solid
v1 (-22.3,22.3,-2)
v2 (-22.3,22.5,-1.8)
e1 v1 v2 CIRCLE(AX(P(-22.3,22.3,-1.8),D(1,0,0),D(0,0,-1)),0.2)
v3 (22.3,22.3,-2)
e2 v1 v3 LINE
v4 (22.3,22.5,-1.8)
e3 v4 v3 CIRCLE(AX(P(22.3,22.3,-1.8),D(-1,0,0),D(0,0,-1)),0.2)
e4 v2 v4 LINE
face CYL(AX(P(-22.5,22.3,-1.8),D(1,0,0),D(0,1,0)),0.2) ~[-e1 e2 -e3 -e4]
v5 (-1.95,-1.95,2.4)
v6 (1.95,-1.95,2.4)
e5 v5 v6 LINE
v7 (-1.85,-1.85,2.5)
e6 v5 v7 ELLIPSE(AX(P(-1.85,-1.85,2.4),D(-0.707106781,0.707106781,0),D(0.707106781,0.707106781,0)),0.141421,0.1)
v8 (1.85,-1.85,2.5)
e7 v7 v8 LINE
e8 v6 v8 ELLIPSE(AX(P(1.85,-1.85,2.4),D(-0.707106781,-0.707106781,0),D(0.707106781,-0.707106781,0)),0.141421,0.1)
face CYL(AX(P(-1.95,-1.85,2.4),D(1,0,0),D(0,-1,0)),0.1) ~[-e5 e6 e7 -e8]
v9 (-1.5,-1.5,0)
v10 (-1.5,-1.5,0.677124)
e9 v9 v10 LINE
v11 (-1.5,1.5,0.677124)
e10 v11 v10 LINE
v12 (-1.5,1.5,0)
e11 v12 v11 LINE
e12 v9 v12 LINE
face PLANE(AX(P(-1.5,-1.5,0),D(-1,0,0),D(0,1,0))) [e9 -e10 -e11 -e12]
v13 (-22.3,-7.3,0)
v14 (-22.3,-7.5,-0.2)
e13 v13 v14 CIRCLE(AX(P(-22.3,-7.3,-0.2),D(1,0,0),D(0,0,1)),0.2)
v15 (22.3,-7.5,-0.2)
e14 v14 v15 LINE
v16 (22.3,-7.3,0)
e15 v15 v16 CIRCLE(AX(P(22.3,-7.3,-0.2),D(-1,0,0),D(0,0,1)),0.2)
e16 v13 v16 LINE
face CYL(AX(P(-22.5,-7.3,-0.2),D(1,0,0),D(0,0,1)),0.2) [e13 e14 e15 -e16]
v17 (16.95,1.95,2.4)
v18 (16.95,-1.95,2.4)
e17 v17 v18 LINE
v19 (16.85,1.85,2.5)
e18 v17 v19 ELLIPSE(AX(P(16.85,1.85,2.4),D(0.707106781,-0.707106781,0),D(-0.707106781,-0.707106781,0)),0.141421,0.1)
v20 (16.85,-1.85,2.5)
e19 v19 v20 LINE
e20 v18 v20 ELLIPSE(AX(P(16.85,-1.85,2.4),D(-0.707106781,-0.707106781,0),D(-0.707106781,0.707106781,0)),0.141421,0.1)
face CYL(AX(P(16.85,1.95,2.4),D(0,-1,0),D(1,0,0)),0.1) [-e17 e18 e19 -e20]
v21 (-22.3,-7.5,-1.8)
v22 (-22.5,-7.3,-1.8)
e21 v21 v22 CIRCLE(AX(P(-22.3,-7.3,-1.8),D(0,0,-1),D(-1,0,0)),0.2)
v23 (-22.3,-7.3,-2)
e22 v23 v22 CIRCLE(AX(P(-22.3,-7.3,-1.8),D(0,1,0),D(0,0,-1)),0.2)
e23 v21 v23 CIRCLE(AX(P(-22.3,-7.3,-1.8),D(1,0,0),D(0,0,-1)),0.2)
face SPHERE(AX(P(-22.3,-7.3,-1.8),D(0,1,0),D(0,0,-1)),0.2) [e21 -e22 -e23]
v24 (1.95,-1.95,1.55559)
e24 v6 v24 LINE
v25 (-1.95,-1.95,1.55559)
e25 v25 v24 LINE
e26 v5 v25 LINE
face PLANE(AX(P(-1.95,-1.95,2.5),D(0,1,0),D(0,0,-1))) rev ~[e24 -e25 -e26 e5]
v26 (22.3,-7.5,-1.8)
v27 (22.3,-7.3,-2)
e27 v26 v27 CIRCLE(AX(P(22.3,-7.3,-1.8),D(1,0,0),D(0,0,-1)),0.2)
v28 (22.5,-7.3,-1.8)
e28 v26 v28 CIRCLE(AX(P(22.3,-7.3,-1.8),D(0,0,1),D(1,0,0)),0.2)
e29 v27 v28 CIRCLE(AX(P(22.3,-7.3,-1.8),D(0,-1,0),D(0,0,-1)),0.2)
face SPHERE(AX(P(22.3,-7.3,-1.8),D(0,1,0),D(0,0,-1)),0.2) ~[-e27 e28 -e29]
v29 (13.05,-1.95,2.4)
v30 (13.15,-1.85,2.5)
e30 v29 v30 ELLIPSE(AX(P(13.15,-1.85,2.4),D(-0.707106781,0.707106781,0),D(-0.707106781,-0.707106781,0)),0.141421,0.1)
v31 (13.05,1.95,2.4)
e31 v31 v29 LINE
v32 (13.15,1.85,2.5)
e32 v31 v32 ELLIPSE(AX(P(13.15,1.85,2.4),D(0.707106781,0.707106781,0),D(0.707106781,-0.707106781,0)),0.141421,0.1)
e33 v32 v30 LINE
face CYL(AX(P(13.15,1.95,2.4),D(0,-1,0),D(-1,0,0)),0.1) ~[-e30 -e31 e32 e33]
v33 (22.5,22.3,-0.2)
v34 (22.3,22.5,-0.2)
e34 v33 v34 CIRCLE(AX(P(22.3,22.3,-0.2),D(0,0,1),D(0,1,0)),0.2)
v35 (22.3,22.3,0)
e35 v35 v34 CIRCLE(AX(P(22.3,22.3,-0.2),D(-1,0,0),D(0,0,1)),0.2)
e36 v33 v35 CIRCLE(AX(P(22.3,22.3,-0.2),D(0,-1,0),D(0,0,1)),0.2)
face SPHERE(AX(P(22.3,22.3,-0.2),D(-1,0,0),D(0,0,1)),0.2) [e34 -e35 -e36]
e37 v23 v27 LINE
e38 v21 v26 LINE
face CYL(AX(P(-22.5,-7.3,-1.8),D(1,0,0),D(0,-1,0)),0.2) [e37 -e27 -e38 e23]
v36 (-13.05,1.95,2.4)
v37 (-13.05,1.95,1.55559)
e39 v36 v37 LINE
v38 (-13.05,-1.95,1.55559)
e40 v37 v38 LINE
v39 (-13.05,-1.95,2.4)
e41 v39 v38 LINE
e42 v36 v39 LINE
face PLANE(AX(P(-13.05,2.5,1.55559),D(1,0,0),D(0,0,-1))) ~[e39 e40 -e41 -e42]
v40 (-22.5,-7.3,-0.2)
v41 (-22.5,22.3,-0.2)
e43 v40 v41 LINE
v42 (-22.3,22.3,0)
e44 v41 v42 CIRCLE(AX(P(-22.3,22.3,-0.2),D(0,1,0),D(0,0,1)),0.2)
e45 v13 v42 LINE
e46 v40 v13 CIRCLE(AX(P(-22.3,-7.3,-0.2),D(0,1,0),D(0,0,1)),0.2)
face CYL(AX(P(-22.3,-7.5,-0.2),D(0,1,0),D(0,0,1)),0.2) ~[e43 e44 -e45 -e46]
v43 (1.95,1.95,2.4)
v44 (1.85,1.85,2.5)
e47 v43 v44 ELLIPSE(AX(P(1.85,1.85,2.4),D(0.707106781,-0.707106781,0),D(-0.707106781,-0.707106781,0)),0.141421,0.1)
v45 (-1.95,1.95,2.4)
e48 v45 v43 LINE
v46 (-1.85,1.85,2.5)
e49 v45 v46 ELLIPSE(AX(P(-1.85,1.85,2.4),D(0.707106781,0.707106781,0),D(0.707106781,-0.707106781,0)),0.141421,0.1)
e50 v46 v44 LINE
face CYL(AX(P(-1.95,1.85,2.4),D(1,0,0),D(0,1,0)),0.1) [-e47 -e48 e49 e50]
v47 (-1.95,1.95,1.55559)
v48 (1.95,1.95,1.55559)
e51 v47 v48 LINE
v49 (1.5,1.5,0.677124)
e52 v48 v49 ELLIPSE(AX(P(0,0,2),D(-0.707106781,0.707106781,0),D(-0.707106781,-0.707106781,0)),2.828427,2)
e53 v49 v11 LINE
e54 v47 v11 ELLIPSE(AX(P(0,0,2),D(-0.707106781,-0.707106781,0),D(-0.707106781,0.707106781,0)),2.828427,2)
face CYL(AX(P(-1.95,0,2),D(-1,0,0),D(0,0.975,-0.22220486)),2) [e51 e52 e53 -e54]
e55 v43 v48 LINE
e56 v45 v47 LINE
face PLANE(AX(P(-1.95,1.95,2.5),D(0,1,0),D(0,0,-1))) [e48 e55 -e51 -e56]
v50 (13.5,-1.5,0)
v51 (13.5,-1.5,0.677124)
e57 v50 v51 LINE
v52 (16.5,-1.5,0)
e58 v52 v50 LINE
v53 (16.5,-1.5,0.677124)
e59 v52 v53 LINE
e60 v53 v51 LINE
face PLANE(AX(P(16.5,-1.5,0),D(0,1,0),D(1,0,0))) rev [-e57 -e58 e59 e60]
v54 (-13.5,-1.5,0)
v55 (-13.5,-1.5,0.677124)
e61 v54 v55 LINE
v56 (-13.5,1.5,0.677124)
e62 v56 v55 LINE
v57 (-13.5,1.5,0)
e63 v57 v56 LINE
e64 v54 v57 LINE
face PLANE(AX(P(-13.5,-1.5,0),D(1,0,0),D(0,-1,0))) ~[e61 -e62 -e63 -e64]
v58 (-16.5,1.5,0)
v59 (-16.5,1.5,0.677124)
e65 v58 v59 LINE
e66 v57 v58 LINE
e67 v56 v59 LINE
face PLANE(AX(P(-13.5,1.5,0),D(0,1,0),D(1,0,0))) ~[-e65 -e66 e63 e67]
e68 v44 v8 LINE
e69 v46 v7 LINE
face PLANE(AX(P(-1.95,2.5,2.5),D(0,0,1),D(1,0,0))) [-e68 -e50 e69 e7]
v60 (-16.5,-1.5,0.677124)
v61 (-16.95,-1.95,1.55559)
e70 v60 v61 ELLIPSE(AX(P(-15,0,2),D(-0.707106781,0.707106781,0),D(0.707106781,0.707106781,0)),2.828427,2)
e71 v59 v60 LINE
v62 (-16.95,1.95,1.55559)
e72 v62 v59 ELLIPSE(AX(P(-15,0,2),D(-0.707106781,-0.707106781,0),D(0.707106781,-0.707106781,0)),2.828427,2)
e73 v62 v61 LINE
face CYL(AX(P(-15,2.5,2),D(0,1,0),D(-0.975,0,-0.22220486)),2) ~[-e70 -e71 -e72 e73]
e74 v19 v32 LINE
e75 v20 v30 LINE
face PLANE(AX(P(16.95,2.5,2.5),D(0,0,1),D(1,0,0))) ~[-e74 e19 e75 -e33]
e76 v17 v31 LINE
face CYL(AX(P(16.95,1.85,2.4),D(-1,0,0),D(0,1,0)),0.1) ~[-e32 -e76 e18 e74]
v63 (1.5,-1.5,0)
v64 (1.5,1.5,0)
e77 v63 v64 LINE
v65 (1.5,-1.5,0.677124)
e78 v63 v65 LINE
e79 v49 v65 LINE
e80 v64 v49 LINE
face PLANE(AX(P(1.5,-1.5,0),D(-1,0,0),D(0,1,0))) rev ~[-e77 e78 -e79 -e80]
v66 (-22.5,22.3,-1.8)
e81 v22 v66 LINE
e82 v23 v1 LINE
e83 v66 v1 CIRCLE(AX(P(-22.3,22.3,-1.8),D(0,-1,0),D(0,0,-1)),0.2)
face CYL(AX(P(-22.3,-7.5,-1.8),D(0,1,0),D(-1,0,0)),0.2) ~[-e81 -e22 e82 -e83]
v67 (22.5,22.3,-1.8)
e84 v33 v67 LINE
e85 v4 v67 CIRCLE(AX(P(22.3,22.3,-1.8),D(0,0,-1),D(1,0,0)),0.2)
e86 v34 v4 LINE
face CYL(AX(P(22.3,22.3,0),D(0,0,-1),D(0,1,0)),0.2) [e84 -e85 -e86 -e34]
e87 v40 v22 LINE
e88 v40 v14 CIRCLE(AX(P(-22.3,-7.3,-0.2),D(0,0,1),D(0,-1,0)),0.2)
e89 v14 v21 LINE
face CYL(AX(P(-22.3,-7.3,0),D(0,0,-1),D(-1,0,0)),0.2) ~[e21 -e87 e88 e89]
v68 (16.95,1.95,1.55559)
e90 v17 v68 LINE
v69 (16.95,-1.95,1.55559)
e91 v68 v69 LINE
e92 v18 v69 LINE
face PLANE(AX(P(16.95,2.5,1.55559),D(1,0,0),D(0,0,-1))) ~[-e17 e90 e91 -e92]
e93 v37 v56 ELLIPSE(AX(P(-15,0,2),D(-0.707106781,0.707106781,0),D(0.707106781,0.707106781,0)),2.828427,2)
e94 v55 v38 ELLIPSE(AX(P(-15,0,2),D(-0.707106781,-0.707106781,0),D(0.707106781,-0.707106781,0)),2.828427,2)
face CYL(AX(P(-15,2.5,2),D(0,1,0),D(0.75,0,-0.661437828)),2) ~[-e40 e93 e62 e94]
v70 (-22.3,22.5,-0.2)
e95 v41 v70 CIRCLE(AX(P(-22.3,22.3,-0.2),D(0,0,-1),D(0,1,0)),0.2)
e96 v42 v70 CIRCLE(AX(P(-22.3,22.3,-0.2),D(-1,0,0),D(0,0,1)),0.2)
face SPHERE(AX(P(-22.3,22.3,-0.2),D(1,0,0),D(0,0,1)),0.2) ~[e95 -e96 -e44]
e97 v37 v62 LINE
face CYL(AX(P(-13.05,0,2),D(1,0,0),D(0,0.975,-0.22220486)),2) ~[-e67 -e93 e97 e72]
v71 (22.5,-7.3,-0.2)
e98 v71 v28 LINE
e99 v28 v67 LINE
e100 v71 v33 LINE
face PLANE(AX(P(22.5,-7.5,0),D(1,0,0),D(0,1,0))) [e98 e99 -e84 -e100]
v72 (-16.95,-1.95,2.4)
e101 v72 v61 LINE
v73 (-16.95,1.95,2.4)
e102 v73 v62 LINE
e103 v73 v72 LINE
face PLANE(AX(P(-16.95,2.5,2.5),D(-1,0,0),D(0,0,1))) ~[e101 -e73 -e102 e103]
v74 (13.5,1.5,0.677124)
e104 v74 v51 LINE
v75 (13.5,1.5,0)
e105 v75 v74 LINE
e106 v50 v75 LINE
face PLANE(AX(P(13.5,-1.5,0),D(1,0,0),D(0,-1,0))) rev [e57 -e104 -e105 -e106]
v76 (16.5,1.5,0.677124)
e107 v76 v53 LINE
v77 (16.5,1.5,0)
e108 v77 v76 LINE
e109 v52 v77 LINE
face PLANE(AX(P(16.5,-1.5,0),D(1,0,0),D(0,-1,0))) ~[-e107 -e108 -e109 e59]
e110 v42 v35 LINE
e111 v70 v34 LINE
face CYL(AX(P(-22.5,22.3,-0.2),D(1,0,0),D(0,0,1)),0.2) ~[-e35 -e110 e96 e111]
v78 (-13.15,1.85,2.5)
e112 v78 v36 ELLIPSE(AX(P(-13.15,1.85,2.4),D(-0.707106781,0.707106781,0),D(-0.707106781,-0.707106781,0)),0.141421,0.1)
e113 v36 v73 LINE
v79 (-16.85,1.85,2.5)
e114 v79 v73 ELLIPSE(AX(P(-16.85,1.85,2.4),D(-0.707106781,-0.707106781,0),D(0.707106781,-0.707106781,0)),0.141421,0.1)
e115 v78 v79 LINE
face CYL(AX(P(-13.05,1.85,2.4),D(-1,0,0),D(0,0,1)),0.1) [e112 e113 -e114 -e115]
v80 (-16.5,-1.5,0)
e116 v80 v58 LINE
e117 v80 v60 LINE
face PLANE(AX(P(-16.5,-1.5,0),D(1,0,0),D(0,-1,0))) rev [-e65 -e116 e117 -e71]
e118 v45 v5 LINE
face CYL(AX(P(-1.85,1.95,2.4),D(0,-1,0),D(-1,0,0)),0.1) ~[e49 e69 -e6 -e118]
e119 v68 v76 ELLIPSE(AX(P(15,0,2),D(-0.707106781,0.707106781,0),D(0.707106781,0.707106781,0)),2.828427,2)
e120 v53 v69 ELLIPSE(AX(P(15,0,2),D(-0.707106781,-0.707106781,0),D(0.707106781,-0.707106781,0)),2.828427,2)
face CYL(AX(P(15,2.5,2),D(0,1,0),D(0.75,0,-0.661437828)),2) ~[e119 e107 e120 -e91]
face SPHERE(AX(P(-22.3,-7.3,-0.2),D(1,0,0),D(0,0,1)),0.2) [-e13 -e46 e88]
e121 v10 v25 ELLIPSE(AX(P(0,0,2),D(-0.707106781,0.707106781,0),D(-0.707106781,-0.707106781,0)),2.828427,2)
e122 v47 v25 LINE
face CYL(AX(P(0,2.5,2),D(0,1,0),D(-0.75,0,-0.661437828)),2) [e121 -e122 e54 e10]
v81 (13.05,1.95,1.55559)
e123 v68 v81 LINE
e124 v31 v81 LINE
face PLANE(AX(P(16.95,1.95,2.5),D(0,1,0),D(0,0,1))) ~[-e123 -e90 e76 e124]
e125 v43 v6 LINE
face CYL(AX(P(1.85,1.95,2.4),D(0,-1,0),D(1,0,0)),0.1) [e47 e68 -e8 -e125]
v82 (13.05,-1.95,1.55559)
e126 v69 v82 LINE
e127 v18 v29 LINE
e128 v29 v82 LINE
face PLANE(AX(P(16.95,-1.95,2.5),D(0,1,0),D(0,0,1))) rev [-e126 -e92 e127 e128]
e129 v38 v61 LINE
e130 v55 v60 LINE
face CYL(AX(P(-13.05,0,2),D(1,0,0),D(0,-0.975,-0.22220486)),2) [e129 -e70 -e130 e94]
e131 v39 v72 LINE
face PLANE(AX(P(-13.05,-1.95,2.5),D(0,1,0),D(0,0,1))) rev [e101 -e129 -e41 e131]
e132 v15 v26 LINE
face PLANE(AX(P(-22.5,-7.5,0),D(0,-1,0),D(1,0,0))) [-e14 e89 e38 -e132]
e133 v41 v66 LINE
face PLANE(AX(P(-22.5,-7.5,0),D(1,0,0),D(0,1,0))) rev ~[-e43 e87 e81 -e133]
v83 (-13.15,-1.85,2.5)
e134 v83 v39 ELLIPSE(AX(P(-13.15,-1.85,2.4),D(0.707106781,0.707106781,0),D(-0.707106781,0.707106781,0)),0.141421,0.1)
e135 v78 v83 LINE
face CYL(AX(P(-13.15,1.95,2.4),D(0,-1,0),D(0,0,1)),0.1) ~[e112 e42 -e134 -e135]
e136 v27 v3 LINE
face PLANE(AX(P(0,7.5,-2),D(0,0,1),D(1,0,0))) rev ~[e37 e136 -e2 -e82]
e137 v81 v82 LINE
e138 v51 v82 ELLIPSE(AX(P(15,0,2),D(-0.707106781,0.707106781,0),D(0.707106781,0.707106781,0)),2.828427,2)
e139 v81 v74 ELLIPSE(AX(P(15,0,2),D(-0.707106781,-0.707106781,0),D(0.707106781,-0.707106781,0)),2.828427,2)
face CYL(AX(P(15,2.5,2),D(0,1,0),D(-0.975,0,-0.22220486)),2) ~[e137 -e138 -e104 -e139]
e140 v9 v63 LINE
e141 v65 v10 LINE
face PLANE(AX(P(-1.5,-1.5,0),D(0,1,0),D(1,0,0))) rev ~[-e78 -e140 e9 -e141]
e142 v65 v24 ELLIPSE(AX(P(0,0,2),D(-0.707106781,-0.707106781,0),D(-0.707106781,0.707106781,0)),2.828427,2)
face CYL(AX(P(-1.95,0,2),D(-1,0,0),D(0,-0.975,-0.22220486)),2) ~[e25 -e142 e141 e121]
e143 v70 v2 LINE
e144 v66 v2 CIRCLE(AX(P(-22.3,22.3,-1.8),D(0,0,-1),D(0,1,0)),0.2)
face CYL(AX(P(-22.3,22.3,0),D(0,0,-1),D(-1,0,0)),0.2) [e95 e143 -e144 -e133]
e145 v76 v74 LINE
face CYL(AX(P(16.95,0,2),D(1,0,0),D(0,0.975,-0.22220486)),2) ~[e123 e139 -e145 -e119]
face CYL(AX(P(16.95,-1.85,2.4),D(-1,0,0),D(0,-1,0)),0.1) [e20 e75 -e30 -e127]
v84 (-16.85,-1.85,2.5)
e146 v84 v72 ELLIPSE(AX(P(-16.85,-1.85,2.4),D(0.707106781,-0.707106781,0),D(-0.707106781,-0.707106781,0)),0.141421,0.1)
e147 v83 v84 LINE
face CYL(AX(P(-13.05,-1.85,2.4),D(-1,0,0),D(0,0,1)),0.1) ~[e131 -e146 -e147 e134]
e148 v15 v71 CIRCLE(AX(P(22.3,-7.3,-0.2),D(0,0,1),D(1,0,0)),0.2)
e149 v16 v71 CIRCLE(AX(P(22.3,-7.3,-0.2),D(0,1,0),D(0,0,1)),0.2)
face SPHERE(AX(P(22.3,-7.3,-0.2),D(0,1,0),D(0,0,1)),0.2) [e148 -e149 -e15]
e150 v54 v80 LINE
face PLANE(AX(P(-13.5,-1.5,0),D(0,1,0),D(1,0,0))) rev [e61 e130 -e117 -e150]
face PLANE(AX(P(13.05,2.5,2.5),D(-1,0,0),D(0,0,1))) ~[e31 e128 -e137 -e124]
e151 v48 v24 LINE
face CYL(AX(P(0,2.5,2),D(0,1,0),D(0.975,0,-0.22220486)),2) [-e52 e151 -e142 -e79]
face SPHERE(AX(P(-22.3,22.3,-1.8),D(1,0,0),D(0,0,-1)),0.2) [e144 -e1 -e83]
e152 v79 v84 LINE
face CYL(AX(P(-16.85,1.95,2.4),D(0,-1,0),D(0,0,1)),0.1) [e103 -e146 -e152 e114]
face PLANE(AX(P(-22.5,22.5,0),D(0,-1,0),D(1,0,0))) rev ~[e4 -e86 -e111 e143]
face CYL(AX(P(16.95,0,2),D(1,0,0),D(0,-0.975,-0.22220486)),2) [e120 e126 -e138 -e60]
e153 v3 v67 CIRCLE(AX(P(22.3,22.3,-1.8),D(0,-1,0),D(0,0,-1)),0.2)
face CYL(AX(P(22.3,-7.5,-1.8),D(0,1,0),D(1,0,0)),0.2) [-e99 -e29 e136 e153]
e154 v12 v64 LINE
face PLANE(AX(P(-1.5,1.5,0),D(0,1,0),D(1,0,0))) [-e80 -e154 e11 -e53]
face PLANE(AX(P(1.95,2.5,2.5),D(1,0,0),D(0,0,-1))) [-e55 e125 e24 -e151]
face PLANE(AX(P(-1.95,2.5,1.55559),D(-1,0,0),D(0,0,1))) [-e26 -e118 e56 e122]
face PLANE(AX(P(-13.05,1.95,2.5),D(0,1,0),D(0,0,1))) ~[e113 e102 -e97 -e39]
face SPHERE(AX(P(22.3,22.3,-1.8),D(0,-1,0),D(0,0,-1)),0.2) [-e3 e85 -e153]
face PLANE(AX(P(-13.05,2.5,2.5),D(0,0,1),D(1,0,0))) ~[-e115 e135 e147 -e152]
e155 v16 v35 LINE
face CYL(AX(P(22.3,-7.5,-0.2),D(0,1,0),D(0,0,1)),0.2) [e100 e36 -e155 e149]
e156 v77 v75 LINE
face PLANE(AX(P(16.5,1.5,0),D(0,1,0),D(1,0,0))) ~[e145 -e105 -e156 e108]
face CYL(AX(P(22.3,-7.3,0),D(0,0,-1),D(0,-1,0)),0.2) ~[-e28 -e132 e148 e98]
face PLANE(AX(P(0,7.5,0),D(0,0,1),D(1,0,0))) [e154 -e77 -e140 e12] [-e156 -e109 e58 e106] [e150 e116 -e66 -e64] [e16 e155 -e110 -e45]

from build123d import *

# Parameters (mm, degrees)
SKETCH_1_W          = 45
SKETCH_1_H          = 30
EXTRUDE_1_DEPTH     = 2
SKETCH_2_W          = 3
SKETCH_2_H          = 3
EXTRUDE_2_DEPTH     = 1
EXTRUDE_START       = -4
EXTRUDE_3_DEPTH     = 5
CUT_EXTRUDE_1_REACH = 35.321
FILLET_1_R          = 0.1
FILLET_2_R          = 0.2


with BuildPart() as part:
    # 草图1 → 凸台-拉伸1 (new body)
    with BuildSketch(Plane.XY):
        with Locations((0, 7.5)):
            Rectangle(SKETCH_1_W, SKETCH_1_H)
    extrude(amount=-EXTRUDE_1_DEPTH)

    # 草图2 → 凸台-拉伸2 (add)
    with BuildSketch(Plane.XY):
        Rectangle(SKETCH_2_W, SKETCH_2_H)
    extrude_2 = extrude(amount=EXTRUDE_2_DEPTH)

    # 草图3 → 凸台-拉伸3 (add)
    with BuildSketch(Plane.XZ.offset(1.5).offset(EXTRUDE_START)):
        with BuildLine():
            Line((-1.95, 2.5), (1.95, 2.5))
            Line((1.95, 2.5), (1.95, 1.555590279))
            ThreePointArc((1.95, 1.555590279), (1.780042303, 1.088161527), (1.5, 0.677124344))
            Line((1.5, 0.677124344), (-1.5, 0.677124344))
            ThreePointArc((-1.5, 0.677124344), (-1.780042303, 1.088161527), (-1.95, 1.555590279))
            Line((-1.95, 1.555590279), (-1.95, 2.5))
        make_face()
    extrude_3 = extrude(amount=EXTRUDE_3_DEPTH)

    # 草图4 → 切除-拉伸1 (cut, up to next)
    with BuildSketch(Plane.ZY.offset(1.95), mode=Mode.PRIVATE) as cut_extrude_1_sk1:
        with BuildLine():
            Line((0.677124344, 1.5), (0.677124344, 2.5))
            Line((0.677124344, 2.5), (2.5, 2.5))
            Line((2.5, 2.5), (2.5, 1.95))
            Line((2.5, 1.95), (1.555590279, 1.95))
            ThreePointArc((1.555590279, 1.95), (1.088161527, 1.780042303), (0.677124344, 1.5))
        make_face()
    cut_extrude_1_tool1 = extrude(cut_extrude_1_sk1.sketch, amount=-CUT_EXTRUDE_1_REACH, mode=Mode.PRIVATE) & part.part
    # 草图4 → 切除-拉伸1 (cut, up to next)
    with BuildSketch(Plane.ZY.offset(1.95), mode=Mode.PRIVATE) as cut_extrude_1_sk2:
        with BuildLine():
            Line((0.677124344, -2.5), (2.5, -2.5))
            Line((2.5, -2.5), (2.5, -1.95))
            Line((2.5, -1.95), (1.555590279, -1.95))
            ThreePointArc((1.555590279, -1.95), (1.088161527, -1.780042303), (0.677124344, -1.5))
            Line((0.677124344, -1.5), (0.677124344, -2.5))
        make_face()
    cut_extrude_1_tool2 = extrude(cut_extrude_1_sk2.sketch, amount=-CUT_EXTRUDE_1_REACH, mode=Mode.PRIVATE) & part.part
    cut_extrude_1_1 = cut_extrude_1_tool1.solids().sort_by_distance((-1.95, 2.169375, 1.500125))[0]
    add(cut_extrude_1_1, mode=Mode.SUBTRACT)
    cut_extrude_1_2 = cut_extrude_1_tool2.solids().sort_by_distance((-1.95, -2.169375, 1.500125))[0]
    add(cut_extrude_1_2, mode=Mode.SUBTRACT)
    cut_extrude_1 = cut_extrude_1_1 + cut_extrude_1_2  # 切除-拉伸1 as one shape, for the pattern or mirror that repeats it

    # 镜向1: 凸台-拉伸2, 凸台-拉伸3, 切除-拉伸1 across plane
    add(extrude_2.mirror(Plane(origin=(7.5, 0, 0), x_dir=(0, 0, 1), z_dir=(1, 0, 0))))
    add(extrude_3.mirror(Plane(origin=(7.5, 0, 0), x_dir=(0, 0, 1), z_dir=(1, 0, 0))))
    add(cut_extrude_1.mirror(Plane(origin=(7.5, 0, 0), x_dir=(0, 0, 1), z_dir=(1, 0, 0))), mode=Mode.SUBTRACT)

    # 镜向2: 凸台-拉伸2, 凸台-拉伸3, 切除-拉伸1 across plane
    add(extrude_2.mirror(Plane(origin=(-7.5, 0, 0), x_dir=(0, 0, 1), z_dir=(1, 0, 0))))
    add(extrude_3.mirror(Plane(origin=(-7.5, 0, 0), x_dir=(0, 0, 1), z_dir=(1, 0, 0))))
    add(cut_extrude_1.mirror(Plane(origin=(-7.5, 0, 0), x_dir=(0, 0, 1), z_dir=(1, 0, 0))), mode=Mode.SUBTRACT)

    # 圆角1
    fillet_1_edges = [part.edges().sort_by_distance(p)[0] for p in [
        (15, -1.95, 2.5),
        (16.95, 0, 2.5),
        (13.05, 0, 2.5),
        (15, 1.95, 2.5),
        (-15, -1.95, 2.5),
        (-13.05, 0, 2.5),
        (-16.95, 0, 2.5),
        (-15, 1.95, 2.5),
        (0, -1.95, 2.5),
        (1.95, 0, 2.5),
        (-1.95, 0, 2.5),
        (0, 1.95, 2.5),
    ]]
    fillet(fillet_1_edges, radius=FILLET_1_R)

    # 圆角2
    fillet_2_edges = [part.edges().sort_by_distance(p)[0] for p in [
        (22.5, 7.5, -2),
        (0, 22.5, -2),
        (-22.5, 7.5, -2),
        (0, 22.5, 0),
        (22.5, 7.5, 0),
        (0, -7.5, 0),
        (-22.5, 7.5, 0),
        (0, -7.5, -2),
        (-22.5, 22.5, -1),
        (22.5, 22.5, -1),
        (22.5, -7.5, -1),
        (-22.5, -7.5, -1),
    ]]
    fillet(fillet_2_edges, radius=FILLET_2_R)


solid = part.part
